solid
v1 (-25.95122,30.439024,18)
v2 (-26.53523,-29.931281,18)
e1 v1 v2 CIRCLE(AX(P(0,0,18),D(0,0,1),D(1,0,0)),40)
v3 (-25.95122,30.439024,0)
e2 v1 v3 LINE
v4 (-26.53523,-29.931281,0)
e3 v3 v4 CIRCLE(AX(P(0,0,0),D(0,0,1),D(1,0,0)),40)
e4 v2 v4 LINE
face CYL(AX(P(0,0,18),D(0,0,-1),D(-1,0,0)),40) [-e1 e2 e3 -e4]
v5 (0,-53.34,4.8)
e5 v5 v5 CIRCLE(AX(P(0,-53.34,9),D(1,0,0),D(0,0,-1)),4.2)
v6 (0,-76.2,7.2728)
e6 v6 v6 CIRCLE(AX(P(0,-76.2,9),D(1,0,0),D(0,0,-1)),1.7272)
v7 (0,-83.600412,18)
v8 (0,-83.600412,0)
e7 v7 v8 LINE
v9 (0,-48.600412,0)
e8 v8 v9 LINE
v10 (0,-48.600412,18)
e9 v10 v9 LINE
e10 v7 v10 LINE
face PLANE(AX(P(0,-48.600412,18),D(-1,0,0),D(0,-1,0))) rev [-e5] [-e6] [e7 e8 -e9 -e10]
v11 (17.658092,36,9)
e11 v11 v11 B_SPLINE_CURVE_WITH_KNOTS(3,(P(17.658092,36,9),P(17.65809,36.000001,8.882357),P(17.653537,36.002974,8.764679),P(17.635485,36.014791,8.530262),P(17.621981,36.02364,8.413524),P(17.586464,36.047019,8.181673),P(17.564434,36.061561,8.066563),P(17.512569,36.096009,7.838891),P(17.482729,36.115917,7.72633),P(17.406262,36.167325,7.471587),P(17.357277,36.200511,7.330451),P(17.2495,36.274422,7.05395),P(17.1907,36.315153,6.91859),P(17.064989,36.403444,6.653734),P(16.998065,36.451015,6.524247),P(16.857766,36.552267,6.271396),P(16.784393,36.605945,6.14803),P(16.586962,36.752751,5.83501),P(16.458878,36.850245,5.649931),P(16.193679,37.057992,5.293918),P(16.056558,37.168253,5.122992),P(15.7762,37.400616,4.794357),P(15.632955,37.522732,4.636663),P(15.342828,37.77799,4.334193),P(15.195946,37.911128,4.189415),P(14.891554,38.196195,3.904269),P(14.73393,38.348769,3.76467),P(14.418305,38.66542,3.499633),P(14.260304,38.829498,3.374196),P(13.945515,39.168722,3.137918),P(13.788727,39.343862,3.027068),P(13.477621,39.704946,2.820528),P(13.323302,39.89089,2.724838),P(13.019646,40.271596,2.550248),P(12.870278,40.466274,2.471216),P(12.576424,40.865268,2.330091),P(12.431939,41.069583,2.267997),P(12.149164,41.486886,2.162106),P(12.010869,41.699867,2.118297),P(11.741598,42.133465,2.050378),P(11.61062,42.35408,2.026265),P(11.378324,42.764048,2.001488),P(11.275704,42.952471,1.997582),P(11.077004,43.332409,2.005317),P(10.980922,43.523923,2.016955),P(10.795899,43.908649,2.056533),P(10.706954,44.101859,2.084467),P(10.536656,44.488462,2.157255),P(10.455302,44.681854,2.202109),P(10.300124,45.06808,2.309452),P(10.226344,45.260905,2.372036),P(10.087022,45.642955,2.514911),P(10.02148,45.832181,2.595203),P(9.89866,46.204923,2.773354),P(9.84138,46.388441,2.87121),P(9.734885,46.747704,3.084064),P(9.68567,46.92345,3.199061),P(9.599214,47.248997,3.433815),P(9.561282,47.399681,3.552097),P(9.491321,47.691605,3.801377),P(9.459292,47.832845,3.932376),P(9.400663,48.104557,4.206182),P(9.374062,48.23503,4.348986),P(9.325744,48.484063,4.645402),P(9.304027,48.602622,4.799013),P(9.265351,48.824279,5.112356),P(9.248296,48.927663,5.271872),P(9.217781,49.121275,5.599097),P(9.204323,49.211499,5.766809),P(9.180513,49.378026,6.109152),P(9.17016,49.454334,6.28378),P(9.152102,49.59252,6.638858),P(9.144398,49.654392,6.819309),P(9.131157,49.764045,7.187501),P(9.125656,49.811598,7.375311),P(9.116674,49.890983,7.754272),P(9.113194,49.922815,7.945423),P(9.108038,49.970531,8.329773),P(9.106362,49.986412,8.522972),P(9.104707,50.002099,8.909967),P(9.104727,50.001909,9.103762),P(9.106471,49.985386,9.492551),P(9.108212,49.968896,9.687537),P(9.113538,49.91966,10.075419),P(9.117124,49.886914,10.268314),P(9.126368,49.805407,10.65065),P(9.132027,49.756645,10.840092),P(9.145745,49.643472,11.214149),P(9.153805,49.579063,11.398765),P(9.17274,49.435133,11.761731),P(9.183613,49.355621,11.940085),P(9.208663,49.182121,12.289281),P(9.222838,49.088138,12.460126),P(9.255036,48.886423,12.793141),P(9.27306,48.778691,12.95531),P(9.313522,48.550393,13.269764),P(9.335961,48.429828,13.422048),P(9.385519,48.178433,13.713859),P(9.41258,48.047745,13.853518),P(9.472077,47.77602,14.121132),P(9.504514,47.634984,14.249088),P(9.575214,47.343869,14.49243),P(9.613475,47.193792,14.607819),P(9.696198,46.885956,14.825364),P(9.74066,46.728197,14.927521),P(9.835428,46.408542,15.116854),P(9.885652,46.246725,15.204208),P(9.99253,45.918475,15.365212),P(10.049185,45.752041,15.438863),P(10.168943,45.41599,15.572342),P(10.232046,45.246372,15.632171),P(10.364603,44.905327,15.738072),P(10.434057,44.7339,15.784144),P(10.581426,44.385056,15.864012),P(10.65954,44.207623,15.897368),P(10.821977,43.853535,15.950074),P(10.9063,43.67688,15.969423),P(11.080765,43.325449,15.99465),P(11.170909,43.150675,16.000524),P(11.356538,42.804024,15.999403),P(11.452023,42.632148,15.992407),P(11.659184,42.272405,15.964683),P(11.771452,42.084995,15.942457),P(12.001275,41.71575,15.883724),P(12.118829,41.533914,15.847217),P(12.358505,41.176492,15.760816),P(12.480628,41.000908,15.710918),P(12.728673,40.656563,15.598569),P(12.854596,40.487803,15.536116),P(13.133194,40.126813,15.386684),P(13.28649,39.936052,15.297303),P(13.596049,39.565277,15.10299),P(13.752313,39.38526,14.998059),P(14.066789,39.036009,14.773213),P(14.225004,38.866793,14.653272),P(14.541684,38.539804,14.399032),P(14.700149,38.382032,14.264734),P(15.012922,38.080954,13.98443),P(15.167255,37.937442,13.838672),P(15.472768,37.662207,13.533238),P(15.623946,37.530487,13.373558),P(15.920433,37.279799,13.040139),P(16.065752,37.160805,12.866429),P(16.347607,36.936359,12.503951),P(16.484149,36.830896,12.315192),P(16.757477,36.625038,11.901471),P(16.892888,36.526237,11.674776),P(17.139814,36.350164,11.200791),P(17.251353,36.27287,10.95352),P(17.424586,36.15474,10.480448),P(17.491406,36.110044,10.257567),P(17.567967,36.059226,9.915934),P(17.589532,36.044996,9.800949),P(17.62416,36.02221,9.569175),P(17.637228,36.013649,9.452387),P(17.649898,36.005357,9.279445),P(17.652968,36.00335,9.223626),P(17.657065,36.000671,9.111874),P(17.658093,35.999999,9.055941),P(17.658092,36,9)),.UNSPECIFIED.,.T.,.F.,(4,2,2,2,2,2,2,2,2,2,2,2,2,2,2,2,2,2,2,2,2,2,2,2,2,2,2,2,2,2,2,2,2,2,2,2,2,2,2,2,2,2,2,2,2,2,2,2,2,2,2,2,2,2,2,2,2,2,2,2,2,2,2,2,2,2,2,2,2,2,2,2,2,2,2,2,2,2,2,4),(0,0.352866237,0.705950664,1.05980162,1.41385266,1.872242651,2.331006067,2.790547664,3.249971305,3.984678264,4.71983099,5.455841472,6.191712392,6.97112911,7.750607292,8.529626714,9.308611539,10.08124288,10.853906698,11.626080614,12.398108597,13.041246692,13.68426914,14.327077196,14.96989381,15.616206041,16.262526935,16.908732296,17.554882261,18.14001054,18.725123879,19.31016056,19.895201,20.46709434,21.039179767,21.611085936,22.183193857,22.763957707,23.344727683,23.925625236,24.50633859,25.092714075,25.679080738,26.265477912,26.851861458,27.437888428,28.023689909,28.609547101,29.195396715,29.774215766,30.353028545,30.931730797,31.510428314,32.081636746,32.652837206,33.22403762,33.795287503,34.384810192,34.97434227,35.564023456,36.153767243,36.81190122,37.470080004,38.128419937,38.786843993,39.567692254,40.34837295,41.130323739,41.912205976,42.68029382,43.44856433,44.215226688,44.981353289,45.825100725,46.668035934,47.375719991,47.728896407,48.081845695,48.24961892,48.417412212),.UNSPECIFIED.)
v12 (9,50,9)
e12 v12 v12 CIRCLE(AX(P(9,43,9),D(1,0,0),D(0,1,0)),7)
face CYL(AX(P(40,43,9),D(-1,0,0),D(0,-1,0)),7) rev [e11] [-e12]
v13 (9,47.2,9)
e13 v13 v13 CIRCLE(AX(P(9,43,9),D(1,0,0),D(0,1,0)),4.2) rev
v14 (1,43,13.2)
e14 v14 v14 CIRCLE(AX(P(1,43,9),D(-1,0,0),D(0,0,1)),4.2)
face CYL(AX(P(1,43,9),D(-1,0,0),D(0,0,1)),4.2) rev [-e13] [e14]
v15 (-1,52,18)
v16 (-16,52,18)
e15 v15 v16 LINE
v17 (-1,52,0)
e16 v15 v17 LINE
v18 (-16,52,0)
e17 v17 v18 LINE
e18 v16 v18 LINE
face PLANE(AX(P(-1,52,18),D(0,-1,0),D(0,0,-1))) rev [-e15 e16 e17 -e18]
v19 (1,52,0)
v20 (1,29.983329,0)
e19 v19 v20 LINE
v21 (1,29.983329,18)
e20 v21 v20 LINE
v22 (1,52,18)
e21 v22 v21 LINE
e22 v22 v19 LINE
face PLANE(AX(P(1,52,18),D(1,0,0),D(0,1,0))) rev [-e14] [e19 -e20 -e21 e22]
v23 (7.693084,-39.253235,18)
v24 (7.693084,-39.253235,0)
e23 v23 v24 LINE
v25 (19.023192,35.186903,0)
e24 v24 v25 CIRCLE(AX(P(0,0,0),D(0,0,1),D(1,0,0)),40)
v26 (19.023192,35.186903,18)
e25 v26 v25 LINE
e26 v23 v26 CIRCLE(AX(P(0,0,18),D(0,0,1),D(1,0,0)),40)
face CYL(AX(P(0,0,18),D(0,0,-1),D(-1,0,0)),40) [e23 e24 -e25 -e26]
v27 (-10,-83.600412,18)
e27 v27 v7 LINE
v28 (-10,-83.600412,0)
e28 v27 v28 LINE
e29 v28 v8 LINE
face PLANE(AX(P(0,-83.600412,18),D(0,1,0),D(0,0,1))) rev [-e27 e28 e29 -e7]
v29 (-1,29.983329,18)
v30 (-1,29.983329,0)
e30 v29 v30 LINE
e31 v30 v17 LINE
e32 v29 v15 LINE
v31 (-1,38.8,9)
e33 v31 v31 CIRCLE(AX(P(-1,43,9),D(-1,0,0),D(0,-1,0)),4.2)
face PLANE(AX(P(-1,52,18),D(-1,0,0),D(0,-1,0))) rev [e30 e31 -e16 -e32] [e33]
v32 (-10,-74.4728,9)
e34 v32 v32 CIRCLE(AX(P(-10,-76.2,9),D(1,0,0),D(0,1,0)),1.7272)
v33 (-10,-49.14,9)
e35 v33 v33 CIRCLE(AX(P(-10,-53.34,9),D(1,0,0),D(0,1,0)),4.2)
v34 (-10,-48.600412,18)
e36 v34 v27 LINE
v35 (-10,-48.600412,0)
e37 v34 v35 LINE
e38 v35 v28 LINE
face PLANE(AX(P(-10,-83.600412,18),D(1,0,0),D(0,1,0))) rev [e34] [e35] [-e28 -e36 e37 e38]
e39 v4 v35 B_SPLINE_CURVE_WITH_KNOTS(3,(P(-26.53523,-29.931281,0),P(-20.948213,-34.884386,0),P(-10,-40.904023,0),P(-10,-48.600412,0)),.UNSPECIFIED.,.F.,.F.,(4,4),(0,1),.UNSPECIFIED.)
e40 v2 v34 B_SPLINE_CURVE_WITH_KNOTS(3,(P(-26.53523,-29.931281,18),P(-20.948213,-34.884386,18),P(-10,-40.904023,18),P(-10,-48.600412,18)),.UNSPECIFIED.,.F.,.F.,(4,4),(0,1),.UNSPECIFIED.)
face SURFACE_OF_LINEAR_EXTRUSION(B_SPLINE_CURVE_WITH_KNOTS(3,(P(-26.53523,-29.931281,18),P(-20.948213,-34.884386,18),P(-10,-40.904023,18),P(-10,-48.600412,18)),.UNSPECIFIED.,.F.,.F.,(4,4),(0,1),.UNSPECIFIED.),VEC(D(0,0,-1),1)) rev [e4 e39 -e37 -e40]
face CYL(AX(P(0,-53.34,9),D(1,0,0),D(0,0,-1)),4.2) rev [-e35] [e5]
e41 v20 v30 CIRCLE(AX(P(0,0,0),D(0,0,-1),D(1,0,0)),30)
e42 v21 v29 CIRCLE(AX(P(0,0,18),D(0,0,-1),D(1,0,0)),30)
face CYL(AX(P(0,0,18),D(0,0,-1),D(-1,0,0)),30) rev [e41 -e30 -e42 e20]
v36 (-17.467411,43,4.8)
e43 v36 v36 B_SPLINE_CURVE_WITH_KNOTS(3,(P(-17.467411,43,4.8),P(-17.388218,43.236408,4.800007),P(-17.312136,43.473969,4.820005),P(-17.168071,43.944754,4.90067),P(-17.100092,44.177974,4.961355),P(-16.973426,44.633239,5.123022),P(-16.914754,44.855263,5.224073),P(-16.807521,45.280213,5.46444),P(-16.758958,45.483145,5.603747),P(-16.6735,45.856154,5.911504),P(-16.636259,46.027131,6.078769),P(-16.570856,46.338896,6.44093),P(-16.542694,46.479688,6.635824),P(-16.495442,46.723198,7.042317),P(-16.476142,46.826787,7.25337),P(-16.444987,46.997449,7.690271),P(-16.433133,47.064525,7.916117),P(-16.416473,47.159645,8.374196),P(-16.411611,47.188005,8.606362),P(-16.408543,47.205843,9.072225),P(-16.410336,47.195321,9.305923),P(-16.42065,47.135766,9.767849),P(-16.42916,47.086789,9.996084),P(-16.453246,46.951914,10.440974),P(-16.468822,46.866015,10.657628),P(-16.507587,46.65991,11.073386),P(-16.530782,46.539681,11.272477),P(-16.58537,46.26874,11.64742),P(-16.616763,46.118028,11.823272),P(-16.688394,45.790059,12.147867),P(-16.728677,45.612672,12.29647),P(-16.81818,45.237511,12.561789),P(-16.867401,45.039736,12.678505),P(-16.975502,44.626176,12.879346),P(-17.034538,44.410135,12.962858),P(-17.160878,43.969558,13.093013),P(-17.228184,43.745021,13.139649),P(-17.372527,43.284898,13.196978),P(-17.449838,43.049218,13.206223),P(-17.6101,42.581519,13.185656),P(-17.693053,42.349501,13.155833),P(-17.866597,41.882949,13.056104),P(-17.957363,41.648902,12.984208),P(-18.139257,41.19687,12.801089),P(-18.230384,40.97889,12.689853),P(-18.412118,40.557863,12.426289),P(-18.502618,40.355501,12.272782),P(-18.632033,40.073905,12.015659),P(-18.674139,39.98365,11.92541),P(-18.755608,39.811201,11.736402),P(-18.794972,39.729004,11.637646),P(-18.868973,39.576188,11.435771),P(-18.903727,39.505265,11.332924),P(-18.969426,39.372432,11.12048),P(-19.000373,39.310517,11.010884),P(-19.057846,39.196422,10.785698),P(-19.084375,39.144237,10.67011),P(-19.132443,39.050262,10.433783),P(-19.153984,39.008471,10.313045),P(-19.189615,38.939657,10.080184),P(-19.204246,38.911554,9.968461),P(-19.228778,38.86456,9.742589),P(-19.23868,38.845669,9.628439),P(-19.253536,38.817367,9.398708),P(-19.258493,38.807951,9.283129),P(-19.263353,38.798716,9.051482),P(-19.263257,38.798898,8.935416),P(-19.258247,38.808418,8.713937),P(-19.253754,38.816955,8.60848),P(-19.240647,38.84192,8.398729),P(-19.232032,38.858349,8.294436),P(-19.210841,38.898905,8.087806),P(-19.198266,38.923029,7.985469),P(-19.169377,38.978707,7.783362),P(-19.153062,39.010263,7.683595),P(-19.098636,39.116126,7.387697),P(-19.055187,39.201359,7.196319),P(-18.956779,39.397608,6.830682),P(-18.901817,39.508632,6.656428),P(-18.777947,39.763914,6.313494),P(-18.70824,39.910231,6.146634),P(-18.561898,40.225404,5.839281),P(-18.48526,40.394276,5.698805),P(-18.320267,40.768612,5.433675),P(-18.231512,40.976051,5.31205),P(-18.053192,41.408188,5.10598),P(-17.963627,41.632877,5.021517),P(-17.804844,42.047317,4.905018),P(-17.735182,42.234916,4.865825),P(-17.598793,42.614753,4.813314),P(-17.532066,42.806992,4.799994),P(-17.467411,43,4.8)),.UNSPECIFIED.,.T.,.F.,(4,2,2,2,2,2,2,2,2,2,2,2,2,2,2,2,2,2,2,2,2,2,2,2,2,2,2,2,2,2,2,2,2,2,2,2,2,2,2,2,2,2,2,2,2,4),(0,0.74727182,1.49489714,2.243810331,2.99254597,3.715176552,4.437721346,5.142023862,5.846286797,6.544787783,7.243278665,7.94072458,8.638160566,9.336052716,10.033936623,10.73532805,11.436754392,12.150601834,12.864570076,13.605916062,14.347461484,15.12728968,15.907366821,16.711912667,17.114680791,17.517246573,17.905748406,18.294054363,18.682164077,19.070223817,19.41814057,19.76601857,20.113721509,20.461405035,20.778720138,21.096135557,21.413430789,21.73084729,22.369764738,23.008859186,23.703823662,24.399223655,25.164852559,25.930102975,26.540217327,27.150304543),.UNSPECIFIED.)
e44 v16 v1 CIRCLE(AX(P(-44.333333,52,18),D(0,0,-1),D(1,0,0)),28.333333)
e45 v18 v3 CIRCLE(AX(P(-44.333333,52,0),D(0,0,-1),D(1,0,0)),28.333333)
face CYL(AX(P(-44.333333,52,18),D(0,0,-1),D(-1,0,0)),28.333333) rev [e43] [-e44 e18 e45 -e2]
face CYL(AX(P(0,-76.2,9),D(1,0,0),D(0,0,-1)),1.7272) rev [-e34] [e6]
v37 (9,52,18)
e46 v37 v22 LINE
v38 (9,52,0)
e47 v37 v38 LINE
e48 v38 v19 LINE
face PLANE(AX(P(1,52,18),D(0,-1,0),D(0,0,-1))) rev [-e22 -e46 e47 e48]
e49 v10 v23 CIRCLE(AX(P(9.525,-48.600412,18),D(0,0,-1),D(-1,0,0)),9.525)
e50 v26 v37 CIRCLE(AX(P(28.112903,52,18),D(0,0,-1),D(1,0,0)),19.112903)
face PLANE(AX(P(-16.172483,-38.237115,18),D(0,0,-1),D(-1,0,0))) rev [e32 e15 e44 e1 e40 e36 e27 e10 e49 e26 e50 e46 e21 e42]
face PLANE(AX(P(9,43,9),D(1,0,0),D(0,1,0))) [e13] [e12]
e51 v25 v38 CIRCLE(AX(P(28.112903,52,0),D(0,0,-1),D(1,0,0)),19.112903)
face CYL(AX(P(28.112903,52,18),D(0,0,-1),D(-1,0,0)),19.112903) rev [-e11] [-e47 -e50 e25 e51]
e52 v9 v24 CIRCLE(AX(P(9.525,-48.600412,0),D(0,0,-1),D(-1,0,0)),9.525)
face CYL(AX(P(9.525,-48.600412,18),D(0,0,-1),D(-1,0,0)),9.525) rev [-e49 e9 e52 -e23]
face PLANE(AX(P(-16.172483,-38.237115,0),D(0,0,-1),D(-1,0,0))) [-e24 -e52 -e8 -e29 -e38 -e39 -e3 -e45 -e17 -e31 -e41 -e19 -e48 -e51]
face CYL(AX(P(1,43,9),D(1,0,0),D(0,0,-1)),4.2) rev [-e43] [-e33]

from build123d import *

# Parameters (mm, degrees)
MAIN_BODY_DEPTH       = 18
SKETCH14_W            = 4.2
SKETCH14_H            = 39
M8_CLEARANCE_HOLE2_D  = 8.4
M8_CLEARANCE_HOLE3_D  = 8.4
SKETCH27_R            = 7
CUT_EXTRUDE2_DEPTH    = 99.559772913
F_8_32_TAPPED_HOLE1_D = 3.4544


with BuildPart() as part:
    # Sketch1 → main body (new body)
    with BuildSketch(Plane.XY):
        with BuildLine():
            Line((0, -48.600411521), (0, -83.600411521))
            Line((0, -83.600411521), (-10, -83.600411521))
            Line((-10, -83.600411521), (-10, -48.600411521))
            add(Edge.make_bspline(
                [(-26.535230031, -29.931280748), (-20.948212629, -34.88438627), (-10, -40.904022772), (-10, -48.600411521)],
                knots=[0, 0, 0, 0, 1, 1, 1, 1], degree=3))
            ThreePointArc((-26.535230031, -29.931280748), (-39.998128482, 0.386934068), (-25.951219512, 30.43902439))
            ThreePointArc((-25.951219512, 30.43902439), (-18.607817439, 40.126684972), (-16, 52))
            Line((-16, 52), (-1, 52))
            Line((-1, 52), (-1, 29.983328701))
            ThreePointArc((-1, 29.983328701), (0, -30), (1, 29.983328701))
            Line((1, 29.983328701), (1, 52))
            Line((1, 52), (9, 52))
            ThreePointArc((9, 52), (11.695932832, 42.212959957), (19.02319236, 35.186903138))
            ThreePointArc((19.02319236, 35.186903138), (39.54457484, -6.018853774), (7.693084301, -39.253234949))
            ThreePointArc((7.693084301, -39.253234949), (2.170592409, -42.547452411), (0, -48.600411521))
        make_face()
    extrude(amount=MAIN_BODY_DEPTH)

    # Sketch14 → M8 Clearance Hole1 (revolve, cut)
    with BuildSketch(Plane(origin=(1, 43, 9), x_dir=(0, 0, 1), z_dir=(0, 1, 0))):
        with Locations((2.1, 19.5)):
            Rectangle(SKETCH14_W, SKETCH14_H)
    revolve(axis=Axis((-5.35, 43, 9), (1, 0, 0)), mode=Mode.SUBTRACT)

    # M8 Clearance Hole2 (through all)
    with Locations(Plane(origin=(1, 0, 0), x_dir=(0, 0, 1), z_dir=(1, 0, 0))):
        with Locations((9, -43)):
            Hole(M8_CLEARANCE_HOLE2_D / 2)

    # M8 Clearance Hole3 (through all)
    with Locations(Plane(origin=(0, 0, 0), x_dir=(0, 0, -1), z_dir=(1, 0, 0))):
        with Locations((-9, -53.34)):
            Hole(M8_CLEARANCE_HOLE3_D / 2)

    # Sketch27 → Cut-Extrude2 (cut, through all)
    with BuildSketch(Plane(origin=(9, 0, 0), x_dir=(0, 0, -1), z_dir=(1, 0, 0))):
        with Locations(Location((-9, 43, 0), (0, 0, 270))):
            Circle(SKETCH27_R)
    extrude(amount=CUT_EXTRUDE2_DEPTH, mode=Mode.SUBTRACT)

    # #8-32 Tapped Hole1 (through all)
    with Locations(Plane(origin=(0, 0, 0), x_dir=(0, 0, -1), z_dir=(1, 0, 0))):
        with Locations((-9, -76.2)):
            Hole(F_8_32_TAPPED_HOLE1_D / 2)


solid = part.part
